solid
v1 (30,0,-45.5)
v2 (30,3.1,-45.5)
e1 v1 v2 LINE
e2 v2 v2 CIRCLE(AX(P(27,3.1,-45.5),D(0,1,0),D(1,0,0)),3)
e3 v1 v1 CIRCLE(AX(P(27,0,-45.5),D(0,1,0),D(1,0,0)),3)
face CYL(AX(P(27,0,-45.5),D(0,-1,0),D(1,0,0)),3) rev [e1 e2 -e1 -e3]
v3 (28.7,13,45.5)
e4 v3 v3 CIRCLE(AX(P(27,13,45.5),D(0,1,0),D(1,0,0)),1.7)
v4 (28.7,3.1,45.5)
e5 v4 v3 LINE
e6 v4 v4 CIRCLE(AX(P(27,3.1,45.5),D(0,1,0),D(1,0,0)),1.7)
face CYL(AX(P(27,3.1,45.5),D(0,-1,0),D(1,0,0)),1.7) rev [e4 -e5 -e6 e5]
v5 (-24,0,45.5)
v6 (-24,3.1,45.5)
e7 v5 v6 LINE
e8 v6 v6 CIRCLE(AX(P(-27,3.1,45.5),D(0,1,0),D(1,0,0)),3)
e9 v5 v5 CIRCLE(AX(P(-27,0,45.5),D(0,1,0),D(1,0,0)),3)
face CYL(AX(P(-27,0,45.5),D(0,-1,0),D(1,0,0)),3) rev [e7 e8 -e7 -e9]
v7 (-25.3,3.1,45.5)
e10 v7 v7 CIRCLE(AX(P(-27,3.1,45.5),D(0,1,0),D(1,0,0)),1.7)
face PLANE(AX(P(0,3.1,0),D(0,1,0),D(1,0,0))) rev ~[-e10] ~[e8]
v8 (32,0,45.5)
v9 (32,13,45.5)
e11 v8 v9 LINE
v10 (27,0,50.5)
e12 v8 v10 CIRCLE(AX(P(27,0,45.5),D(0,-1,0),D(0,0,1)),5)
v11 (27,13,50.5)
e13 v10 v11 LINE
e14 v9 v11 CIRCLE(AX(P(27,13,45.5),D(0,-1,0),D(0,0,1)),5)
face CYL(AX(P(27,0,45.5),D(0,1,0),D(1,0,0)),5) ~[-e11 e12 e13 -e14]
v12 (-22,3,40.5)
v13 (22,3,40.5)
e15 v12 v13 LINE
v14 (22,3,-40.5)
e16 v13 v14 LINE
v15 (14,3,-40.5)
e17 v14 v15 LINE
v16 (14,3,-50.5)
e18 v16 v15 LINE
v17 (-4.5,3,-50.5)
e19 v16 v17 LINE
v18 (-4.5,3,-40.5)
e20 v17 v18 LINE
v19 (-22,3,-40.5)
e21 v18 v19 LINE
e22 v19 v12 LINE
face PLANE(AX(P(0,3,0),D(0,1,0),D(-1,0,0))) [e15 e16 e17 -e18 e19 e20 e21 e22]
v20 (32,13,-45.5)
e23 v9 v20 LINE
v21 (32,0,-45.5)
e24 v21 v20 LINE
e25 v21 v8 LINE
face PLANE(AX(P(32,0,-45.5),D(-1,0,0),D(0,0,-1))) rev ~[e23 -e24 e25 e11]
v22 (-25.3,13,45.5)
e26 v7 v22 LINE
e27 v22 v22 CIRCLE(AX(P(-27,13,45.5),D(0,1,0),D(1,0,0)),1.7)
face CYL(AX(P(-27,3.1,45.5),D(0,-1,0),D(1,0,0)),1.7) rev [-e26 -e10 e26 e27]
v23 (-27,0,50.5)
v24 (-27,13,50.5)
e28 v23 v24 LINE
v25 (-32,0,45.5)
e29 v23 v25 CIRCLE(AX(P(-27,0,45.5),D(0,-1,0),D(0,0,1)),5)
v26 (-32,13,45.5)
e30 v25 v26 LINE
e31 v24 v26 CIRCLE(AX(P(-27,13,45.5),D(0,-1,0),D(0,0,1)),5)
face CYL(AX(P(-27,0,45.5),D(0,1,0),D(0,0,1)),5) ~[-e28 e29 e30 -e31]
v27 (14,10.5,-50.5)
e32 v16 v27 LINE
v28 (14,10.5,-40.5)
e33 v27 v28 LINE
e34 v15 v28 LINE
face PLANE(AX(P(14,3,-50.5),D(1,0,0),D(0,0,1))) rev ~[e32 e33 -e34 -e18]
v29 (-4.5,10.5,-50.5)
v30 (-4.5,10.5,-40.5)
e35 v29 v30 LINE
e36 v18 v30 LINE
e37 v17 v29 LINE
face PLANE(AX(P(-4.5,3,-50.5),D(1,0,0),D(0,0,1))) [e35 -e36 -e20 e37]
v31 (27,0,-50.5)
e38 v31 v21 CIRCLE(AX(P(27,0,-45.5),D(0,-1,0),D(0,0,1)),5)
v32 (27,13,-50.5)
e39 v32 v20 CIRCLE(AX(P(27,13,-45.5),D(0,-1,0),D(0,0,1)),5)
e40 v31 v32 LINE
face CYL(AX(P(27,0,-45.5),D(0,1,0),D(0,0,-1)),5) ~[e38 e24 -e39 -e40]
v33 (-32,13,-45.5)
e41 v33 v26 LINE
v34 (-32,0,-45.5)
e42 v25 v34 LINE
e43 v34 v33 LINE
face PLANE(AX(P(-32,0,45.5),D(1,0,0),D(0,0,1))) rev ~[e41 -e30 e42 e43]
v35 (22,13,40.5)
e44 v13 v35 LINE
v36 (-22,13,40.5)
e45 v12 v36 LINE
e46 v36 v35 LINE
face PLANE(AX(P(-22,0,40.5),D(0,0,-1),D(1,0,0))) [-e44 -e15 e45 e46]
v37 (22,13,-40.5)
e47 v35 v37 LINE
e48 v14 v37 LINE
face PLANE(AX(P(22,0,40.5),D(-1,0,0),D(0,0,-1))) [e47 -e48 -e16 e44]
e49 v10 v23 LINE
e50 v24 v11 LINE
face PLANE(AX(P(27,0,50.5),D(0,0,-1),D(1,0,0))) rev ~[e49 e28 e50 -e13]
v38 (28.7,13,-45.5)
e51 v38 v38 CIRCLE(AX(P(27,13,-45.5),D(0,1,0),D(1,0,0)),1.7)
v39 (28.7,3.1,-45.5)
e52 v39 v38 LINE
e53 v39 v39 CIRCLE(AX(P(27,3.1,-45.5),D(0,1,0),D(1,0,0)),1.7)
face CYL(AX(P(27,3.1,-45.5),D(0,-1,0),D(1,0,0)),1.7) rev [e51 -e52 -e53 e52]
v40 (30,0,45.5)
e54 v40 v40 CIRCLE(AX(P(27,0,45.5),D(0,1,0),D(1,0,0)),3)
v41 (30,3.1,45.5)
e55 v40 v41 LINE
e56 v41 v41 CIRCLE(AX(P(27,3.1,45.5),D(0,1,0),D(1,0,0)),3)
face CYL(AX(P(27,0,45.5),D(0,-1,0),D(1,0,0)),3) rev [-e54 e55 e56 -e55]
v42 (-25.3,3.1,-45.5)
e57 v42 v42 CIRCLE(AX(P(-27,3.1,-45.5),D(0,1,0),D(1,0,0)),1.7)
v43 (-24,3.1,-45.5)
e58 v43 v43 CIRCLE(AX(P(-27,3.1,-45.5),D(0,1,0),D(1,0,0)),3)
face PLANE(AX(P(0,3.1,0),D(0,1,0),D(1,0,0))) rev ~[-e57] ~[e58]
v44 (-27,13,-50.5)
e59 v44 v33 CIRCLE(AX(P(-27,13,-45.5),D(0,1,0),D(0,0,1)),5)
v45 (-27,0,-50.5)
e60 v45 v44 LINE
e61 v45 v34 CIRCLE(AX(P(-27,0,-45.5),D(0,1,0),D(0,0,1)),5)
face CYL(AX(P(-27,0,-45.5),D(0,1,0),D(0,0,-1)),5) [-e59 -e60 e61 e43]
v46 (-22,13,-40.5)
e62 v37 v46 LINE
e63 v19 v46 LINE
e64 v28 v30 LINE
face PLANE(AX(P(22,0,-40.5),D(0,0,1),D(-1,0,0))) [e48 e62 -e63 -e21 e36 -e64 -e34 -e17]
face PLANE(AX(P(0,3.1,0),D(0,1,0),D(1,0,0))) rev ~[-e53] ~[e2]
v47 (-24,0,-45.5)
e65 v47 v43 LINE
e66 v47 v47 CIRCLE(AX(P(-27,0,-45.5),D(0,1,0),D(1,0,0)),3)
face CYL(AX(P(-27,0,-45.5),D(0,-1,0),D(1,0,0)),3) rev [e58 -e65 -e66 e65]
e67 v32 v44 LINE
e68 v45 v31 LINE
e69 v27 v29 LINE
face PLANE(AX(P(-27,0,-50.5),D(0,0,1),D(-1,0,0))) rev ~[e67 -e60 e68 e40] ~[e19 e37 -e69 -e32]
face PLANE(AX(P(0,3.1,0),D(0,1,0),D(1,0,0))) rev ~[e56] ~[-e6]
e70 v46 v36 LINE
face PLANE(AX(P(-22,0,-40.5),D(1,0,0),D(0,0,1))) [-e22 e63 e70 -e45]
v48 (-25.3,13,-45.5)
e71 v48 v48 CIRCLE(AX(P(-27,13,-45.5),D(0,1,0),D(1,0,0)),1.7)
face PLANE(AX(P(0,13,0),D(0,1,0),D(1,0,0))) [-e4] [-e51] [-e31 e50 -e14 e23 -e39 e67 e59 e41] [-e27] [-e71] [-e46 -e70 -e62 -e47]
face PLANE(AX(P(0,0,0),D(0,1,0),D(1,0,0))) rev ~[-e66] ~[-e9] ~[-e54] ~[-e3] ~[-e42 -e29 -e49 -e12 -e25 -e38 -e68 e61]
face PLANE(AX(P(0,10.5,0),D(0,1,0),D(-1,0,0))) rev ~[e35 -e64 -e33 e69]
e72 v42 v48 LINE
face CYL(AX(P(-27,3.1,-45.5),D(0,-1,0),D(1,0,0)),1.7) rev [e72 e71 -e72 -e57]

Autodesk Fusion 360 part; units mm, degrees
sketch "Sketch1" plane through (0, 0, 0) normal (0, 1, 0) x (1, 0, 0)
  line L0 (22, 40.5) -> (-22, 40.5)
  line L1 (-22, 40.5) -> (-22, -40.5)
  line L2 (-22, -40.5) -> (22, -40.5)
  line L3 (22, -40.5) -> (22, 40.5)
  line L4 (22, 40.5) -> (-22, -40.5) construction
  line L5 (-22, 40.5) -> (22, -40.5) construction
  line L6 (32, 50.5) -> (-32, 50.5)
  line L7 (-32, 50.5) -> (-32, -50.5)
  line L8 (-32, -50.5) -> (32, -50.5)
  line L9 (32, -50.5) -> (32, 50.5)
  line L10 (32, 50.5) -> (-32, -50.5) construction
  line L11 (-32, 50.5) -> (32, -50.5) construction
  line L12 (-32, 50.5) -> (-27, 50.5)
  line L13 (-32, 45.5) -> (-32, 50.5)
  circle A0 centre (-27, 45.5) radius 1.7
  circle A1 centre (-27, 45.5) radius 3
  line L14 (32, 50.5) -> (27, 50.5)
  line L15 (32, 45.5) -> (32, 50.5)
  circle A2 centre (27, 45.5) radius 1.7
  circle A3 centre (27, 45.5) radius 3
  line L16 (32, -50.5) -> (27, -50.5)
  line L17 (32, -45.5) -> (32, -50.5)
  circle A4 centre (27, -45.5) radius 1.7
  circle A5 centre (27, -45.5) radius 3
  line L18 (-32, -50.5) -> (-27, -50.5)
  line L19 (-32, -45.5) -> (-32, -50.5)
  circle A6 centre (-27, -45.5) radius 1.7
  circle A7 centre (-27, -45.5) radius 3
  dimension "d1" = 44
  dimension "d2" = 81
  dimension "d3" = 64
  dimension "d4" = 101
  dimension "d5" = 5
  dimension "d6" = 5
  dimension "d7" = 3.4
  dimension "d8" = 6
  dimension "d9" = 5
  dimension "d10" = 5
  dimension "d11" = 3.4
  dimension "d12" = 6
  dimension "d13" = 5
  dimension "d14" = 5
  dimension "d15" = 3.4
  dimension "d16" = 6
  dimension "d17" = 5
  dimension "d18" = 5
  dimension "d19" = 3.4
  dimension "d20" = 6
extrude "Extrude1" add sketch "Sketch1" along normal blind 9.9 from surface at 3.1 contours A1 | A3 | A5 | A7 makes body 1 at (29.9963, 9.7, 45.6495) makes body 2 at (-29.9963, 9.7, 45.6495) makes body 3 at (29.9963, 9.7, -45.3505) makes body 4 at (-29.9963, 9.7, -45.3505)
extrude "Extrude2" add sketch "Sketch1" along normal blind 13 contours L6 L7 L8 L9 L12 L13 L14 L15 L16 L17 L18 L19 bodies 1 2 3 4
extrude "Extrude3" add sketch "Sketch1" along normal blind 3 contours L0 L1 L2 L3 bodies 1
sketch "Sketch2" plane through (0, 3, 0) normal (0, 1, 0) x (-1, 0, 0)
  line L0 (-22, 40.5) -> (-22, -40.5)
  line L1 (-22, -40.5) -> (22, -40.5)
  line L2 (22, -40.5) -> (22, 40.5)
  line L3 (22, 40.5) -> (-22, 40.5)
  line L4 (-22, -40.5) -> (-32, -40.5)
  line L5 (-32, -40.5) -> (-32, -50.5)
  line L6 (-32, -50.5) -> (-22, -50.5)
  line L7 (-22, -50.5) -> (-22, -40.5)
  line L8 (-22, -50.5) -> (-14, -50.5)
  line L9 (-14, -50.5) -> (-14, -40.5)
  line L10 (-14, -40.5) -> (-22, -40.5)
  line L11 (-22, -40.5) -> (-22, -50.5)
  line L12 (-14, -50.5) -> (4.5, -50.5)
  line L13 (4.5, -50.5) -> (4.5, -40.5)
  line L14 (4.5, -40.5) -> (-14, -40.5)
  line L15 (-14, -40.5) -> (-14, -50.5)
  dimension "d28" = 10
  dimension "d29" = 10
  dimension "d30" = 8
  dimension "d31" = 10
  dimension "d32" = 18.5
  dimension "d33" = 10
extrude "Extrude4" cut sketch "Sketch2" along normal blind 7.5 contours L1 L9 L12 L13 L14 L15 bodies 1
fillet "Fillet1" radius 5 1 edges at (-32, 6.5, -50.5) on bodies 1
fillet "Fillet2" radius 5 1 edges at (32, 6.5, -50.5) on bodies 1
fillet "Fillet3" radius 5 1 edges at (32, 6.5, 50.5) on bodies 1
fillet "Fillet4" radius 5 1 edges at (-32, 6.5, 50.5) on bodies 1
sketch "Sketch3" plane through (0, 3, 0) normal (0, 1, 0) x (-1, 0, 0)
  line L0 (-22, 40.5) -> (-22, -40.5)
  line L1 (-22, -40.5) -> (-14, -40.5)
  line L2 (-14, -40.5) -> (-14, -50.5)
  line L3 (-14, -50.5) -> (4.5, -50.5)
  line L4 (4.5, -50.5) -> (4.5, -40.5)
  line L5 (4.5, -40.5) -> (22, -40.5)
  line L6 (22, -40.5) -> (22, 40.5)
  line L7 (22, 40.5) -> (-22, 40.5)
